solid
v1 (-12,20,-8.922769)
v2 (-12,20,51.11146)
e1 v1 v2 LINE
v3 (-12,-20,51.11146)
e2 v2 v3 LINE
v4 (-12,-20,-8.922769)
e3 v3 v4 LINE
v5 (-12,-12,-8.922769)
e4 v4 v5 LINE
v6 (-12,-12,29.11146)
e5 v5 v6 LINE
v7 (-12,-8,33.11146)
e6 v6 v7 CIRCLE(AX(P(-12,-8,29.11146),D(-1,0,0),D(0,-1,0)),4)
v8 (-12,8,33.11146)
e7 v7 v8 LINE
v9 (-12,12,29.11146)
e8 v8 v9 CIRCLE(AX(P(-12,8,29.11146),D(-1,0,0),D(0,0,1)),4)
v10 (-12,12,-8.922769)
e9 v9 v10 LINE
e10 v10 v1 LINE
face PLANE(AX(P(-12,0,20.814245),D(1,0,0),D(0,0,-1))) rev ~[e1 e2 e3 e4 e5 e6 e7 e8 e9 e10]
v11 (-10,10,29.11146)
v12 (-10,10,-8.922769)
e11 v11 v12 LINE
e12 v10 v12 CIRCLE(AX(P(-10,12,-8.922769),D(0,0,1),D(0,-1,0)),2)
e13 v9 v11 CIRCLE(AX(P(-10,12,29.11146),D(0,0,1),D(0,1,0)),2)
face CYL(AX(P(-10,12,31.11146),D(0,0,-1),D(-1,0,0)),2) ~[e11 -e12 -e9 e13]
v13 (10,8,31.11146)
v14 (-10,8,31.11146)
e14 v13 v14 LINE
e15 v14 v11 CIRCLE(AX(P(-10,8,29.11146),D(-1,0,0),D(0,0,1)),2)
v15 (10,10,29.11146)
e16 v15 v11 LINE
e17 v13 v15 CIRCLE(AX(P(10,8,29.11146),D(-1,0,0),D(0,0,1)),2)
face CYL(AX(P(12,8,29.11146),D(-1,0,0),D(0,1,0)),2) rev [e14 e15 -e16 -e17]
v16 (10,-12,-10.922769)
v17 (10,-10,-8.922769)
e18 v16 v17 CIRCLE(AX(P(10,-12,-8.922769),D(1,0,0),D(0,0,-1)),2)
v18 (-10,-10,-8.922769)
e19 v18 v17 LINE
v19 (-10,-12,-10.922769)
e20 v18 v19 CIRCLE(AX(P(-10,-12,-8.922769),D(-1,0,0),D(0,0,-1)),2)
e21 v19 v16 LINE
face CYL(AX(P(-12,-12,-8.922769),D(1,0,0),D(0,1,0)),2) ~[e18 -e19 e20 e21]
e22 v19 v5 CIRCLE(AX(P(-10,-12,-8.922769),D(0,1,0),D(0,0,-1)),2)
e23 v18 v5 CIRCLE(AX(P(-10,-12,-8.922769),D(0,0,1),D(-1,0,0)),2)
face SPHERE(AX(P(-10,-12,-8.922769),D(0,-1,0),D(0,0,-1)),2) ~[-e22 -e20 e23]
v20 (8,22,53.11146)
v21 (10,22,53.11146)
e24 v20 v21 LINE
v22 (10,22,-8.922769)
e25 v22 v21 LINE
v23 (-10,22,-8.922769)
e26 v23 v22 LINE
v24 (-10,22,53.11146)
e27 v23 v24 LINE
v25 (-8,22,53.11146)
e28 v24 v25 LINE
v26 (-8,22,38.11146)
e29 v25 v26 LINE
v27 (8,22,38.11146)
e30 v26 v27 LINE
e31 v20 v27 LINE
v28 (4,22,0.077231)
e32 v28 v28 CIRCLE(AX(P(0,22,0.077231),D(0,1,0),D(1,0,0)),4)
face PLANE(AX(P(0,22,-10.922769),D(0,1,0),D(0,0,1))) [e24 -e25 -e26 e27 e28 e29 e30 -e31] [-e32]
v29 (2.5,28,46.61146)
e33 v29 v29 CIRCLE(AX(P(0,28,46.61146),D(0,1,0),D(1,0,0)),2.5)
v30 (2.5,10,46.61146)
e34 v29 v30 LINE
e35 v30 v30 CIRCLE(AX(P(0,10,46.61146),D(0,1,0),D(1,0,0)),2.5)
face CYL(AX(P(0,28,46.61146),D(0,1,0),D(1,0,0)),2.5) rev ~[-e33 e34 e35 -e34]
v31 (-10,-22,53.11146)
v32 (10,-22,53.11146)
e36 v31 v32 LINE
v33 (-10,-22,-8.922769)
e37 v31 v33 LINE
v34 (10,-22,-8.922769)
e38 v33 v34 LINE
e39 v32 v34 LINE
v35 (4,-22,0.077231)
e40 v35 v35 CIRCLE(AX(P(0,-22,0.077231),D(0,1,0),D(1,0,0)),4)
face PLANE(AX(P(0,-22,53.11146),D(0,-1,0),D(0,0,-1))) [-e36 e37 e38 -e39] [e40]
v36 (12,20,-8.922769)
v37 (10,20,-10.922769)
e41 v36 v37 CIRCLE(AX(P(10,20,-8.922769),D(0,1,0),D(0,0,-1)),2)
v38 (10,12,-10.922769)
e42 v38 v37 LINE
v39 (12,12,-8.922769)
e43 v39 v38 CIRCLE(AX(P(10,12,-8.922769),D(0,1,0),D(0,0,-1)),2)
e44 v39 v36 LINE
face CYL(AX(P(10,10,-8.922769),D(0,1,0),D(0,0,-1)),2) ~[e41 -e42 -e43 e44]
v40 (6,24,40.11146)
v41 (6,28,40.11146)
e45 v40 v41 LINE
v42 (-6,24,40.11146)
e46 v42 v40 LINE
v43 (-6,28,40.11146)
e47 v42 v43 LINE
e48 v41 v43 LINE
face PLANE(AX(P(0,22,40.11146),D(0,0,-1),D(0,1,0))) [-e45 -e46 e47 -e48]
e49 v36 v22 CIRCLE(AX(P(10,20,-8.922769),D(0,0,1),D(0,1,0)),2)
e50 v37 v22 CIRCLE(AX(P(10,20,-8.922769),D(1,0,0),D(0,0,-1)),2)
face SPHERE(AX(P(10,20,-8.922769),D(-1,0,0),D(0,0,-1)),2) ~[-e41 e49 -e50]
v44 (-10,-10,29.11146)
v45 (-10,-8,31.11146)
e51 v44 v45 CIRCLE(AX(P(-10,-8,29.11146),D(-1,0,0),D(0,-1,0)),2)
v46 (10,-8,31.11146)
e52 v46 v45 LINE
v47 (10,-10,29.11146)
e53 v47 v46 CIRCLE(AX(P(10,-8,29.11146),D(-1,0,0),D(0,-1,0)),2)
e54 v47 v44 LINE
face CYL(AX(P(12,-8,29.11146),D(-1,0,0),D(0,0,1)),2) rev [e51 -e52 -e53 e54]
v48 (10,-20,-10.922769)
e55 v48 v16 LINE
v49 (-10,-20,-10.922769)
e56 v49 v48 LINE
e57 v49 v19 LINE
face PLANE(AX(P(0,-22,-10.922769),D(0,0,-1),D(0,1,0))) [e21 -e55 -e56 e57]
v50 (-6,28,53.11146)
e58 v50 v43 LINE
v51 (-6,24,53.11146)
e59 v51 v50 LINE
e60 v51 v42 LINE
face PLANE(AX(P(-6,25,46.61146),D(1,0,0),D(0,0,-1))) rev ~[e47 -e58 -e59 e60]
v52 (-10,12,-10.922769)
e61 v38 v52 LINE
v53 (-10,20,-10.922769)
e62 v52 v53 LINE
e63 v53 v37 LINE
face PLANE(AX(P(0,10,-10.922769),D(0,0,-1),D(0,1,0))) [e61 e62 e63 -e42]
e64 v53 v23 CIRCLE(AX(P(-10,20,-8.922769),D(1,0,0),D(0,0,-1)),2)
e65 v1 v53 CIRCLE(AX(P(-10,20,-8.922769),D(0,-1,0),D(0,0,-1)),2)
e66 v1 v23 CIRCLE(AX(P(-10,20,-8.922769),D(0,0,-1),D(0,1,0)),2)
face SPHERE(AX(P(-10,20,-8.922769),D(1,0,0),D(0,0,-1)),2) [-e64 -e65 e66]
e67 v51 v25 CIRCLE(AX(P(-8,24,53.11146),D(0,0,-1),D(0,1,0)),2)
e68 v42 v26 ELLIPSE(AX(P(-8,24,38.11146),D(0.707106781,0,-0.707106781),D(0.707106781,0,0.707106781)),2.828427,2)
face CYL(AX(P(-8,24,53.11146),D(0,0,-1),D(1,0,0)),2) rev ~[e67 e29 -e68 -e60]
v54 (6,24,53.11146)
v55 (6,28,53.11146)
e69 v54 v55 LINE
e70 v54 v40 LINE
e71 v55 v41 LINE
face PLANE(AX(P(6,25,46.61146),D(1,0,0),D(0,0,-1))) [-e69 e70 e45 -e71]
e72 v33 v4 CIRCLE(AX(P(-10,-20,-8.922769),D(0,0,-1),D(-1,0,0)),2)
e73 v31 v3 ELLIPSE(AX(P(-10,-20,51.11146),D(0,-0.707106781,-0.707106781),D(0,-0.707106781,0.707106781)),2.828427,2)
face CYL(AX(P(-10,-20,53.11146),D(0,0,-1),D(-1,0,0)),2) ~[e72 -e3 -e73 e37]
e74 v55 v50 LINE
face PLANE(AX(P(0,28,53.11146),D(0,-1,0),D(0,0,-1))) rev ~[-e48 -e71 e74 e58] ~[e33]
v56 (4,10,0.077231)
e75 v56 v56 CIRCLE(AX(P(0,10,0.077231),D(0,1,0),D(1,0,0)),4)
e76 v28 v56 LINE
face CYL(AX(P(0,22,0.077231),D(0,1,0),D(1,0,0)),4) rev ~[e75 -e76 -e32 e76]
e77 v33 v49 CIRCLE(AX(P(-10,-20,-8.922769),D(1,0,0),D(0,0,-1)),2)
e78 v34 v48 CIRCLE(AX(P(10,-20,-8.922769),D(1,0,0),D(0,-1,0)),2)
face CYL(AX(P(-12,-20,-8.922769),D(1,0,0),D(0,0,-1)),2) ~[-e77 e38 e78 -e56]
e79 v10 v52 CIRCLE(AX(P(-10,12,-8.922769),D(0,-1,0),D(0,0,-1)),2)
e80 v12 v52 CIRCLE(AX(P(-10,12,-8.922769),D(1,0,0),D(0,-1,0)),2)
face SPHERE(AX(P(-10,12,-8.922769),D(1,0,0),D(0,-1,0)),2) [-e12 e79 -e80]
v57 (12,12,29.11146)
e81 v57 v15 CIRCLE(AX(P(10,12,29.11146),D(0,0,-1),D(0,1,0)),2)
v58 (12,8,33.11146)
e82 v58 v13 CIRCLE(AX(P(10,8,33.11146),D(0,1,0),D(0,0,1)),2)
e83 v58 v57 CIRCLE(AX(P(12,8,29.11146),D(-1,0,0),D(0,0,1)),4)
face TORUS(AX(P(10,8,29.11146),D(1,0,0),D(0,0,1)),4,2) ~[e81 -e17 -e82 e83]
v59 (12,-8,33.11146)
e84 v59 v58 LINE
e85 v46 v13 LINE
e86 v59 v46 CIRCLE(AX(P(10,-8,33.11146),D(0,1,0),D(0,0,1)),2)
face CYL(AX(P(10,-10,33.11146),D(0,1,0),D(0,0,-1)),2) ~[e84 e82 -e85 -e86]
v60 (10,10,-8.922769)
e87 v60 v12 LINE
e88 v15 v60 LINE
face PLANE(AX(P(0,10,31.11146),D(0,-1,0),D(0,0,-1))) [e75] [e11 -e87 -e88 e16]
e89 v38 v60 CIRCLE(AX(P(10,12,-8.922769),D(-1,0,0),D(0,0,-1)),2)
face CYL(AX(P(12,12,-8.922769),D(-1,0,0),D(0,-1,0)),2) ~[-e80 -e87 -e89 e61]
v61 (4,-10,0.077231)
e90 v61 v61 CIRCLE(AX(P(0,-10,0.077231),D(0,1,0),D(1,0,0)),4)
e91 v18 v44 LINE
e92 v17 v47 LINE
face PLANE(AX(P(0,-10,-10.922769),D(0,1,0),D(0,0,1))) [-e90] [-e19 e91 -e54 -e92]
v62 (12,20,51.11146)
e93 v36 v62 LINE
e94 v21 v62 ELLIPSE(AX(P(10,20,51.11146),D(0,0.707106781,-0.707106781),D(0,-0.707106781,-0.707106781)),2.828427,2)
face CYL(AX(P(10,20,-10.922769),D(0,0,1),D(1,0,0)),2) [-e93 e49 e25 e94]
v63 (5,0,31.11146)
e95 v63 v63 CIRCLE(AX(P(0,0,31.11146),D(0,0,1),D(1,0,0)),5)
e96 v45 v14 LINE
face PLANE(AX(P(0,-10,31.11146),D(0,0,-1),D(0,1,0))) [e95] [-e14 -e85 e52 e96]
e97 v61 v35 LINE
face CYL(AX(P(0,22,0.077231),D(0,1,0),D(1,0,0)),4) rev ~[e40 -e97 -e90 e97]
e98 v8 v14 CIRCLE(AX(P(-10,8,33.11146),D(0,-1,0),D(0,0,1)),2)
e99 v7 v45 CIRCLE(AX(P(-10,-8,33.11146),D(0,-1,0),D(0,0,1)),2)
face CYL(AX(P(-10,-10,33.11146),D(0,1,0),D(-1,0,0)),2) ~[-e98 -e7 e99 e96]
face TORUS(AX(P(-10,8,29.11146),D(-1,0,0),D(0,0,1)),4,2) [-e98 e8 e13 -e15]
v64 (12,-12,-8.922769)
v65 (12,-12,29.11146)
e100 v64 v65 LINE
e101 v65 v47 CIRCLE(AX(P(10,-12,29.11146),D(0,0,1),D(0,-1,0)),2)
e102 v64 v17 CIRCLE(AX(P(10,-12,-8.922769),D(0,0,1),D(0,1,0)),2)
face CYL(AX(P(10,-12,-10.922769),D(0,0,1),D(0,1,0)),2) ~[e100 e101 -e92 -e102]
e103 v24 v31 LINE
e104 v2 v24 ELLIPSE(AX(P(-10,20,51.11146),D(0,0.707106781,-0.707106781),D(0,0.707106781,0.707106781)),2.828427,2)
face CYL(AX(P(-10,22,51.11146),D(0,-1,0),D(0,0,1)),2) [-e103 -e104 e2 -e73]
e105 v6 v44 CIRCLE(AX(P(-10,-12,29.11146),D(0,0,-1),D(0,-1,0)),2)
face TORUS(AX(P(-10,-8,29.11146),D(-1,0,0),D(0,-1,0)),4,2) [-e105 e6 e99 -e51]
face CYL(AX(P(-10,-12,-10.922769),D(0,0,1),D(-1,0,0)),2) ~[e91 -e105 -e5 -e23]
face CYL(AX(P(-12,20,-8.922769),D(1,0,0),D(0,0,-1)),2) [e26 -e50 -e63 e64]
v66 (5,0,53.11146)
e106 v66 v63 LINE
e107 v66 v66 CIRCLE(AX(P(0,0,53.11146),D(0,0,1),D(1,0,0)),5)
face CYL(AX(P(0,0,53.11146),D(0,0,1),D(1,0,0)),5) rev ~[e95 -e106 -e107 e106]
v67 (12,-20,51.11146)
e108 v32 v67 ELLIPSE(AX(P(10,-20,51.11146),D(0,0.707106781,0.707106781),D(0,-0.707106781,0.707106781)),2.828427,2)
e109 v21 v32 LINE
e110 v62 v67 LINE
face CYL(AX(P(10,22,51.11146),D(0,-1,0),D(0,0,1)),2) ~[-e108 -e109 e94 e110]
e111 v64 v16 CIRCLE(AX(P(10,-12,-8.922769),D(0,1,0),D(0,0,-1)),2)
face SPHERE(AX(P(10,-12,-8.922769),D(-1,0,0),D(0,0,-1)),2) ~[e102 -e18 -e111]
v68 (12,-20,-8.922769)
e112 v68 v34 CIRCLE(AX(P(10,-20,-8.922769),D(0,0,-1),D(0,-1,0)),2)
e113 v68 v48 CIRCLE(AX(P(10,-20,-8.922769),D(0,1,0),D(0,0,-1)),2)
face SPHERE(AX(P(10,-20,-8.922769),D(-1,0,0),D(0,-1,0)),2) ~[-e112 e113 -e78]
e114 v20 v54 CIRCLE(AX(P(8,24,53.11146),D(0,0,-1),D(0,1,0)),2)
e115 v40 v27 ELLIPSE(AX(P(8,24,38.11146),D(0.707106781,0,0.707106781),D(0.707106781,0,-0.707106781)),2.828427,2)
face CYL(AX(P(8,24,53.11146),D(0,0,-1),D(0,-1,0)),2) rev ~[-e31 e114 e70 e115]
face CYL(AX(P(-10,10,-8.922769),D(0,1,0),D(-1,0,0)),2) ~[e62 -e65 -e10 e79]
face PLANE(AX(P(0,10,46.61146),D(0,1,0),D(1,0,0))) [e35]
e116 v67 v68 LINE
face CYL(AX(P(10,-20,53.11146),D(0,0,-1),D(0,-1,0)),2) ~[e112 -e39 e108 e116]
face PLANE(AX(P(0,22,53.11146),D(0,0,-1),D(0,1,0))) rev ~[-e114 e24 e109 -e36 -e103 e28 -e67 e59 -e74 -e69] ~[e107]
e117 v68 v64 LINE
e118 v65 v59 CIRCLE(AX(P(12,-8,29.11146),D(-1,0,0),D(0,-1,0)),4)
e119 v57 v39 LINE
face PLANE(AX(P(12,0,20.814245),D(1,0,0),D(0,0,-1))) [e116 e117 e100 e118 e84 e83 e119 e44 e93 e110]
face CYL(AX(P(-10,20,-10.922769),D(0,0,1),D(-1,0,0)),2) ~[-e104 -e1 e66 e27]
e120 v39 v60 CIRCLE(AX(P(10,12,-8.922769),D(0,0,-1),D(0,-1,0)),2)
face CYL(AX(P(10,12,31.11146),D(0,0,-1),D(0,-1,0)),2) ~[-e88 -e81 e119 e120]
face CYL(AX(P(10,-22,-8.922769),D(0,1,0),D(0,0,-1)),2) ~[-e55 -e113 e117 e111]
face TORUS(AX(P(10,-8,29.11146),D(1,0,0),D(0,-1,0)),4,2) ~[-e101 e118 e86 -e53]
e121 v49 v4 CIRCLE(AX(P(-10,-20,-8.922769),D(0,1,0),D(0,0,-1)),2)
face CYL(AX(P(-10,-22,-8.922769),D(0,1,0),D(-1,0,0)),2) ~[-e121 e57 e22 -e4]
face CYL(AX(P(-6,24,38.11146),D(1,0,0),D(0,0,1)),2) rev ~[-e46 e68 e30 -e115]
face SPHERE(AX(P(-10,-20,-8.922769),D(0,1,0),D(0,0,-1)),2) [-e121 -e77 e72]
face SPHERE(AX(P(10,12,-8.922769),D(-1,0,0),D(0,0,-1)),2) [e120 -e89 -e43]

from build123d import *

# Parameters (mm, degrees)
BOSS_EXTRUDE2_DEPTH      = 12
BOSS_EXTRUDE2_DEPTH_BACK = 12
SKETCH1_4_W              = 13
SKETCH1_4_H              = 6
BOSS_EXTRUDE3_DEPTH      = 6
BOSS_EXTRUDE3_DEPTH_BACK = 6
FILLET1_R                = 2
SKETCH2_R                = 2.5
CUT_EXTRUDE1_DEPTH       = 18
SKETCH4_R                = 4
CUT_EXTRUDE2_DEPTH       = 7
CUT_EXTRUDE2_DEPTH_BACK  = 45
SKETCH5_R                = 5
CUT_EXTRUDE3_DEPTH       = 35


with BuildPart() as part:
    # Sketch1 → Boss-Extrude2 (new body, two sides)
    with BuildSketch(Plane(origin=(0, 0, 0), x_dir=(0, 0, -1), z_dir=(1, 0, 0))) as boss_extrude2_sk:
        Polygon((10.922768667, 10), (10.922768667, 22), (-40.111460143, 22), (-53.111460143, 22), (-53.111460143, -22), (10.922768667, -22), (10.922768667, -10), (-31.111460143, -10), (-31.111460143, 10), align=None)
    extrude(amount=BOSS_EXTRUDE2_DEPTH)
    extrude(boss_extrude2_sk.sketch, amount=-BOSS_EXTRUDE2_DEPTH_BACK)

    # Sketch1<4> → Boss-Extrude3 (add, two sides)
    with BuildSketch(Plane(origin=(0, 0, 0), x_dir=(0, 0, -1), z_dir=(1, 0, 0))) as boss_extrude3_sk:
        with Locations((-46.611460143, 25)):
            Rectangle(SKETCH1_4_W, SKETCH1_4_H)
    extrude(amount=BOSS_EXTRUDE3_DEPTH)
    extrude(boss_extrude3_sk.sketch, amount=-BOSS_EXTRUDE3_DEPTH_BACK)

    # Fillet1
    fillet1_edges = [part.edges().sort_by_distance(p)[0] for p in [
        (-12, -16, -10.922768667),
        (0, 22, -10.922768667),
        (0, 10, -10.922768667),
        (0, 10, 31.111460143),
        (0, -10, 31.111460143),
        (0, -10, -10.922768667),
        (0, -22, -10.922768667),
        (-12, -10, 10.094345738),
        (-12, 0, 31.111460143),
        (12, 0, 53.111460143),
        (12, -22, 21.094345738),
        (12, -16, -10.922768667),
        (12, -10, 10.094345738),
        (12, 0, 31.111460143),
        (12, 16, -10.922768667),
        (-12, 10, 10.094345738),
        (12, 10, 10.094345738),
        (12, 22, 21.094345738),
        (-12, 16, -10.922768667),
        (-12, 22, 21.094345738),
        (0, 22, 40.111460143),
        (6, 22, 46.611460143),
        (-6, 22, 46.611460143),
        (-12, 0, 53.111460143),
        (-12, -22, 21.094345738),
    ]]
    fillet(fillet1_edges, radius=FILLET1_R)

    # Sketch2 → Cut-Extrude1 (cut)
    with BuildSketch(Plane(origin=(0, 28, 0), x_dir=(1, 0, 0), z_dir=(0, 1, 0))):
        with Locations((0, -46.611460143)):
            Circle(SKETCH2_R)
    extrude(amount=-CUT_EXTRUDE1_DEPTH, mode=Mode.SUBTRACT)

    # Sketch4 → Cut-Extrude2 (cut, two sides)
    with BuildSketch(Plane(origin=(0, 22, 0), x_dir=(1, 0, 0), z_dir=(0, 1, 0))) as cut_extrude2_sk:
        with Locations((0, -0.077231333)):
            Circle(SKETCH4_R)
    extrude(amount=CUT_EXTRUDE2_DEPTH, mode=Mode.SUBTRACT)
    extrude(cut_extrude2_sk.sketch, amount=-CUT_EXTRUDE2_DEPTH_BACK, mode=Mode.SUBTRACT)

    # Sketch5 → Cut-Extrude3 (cut)
    with BuildSketch(Plane.XY.offset(53.111460143)):
        Circle(SKETCH5_R)
    extrude(amount=-CUT_EXTRUDE3_DEPTH, mode=Mode.SUBTRACT)


solid = part.part
